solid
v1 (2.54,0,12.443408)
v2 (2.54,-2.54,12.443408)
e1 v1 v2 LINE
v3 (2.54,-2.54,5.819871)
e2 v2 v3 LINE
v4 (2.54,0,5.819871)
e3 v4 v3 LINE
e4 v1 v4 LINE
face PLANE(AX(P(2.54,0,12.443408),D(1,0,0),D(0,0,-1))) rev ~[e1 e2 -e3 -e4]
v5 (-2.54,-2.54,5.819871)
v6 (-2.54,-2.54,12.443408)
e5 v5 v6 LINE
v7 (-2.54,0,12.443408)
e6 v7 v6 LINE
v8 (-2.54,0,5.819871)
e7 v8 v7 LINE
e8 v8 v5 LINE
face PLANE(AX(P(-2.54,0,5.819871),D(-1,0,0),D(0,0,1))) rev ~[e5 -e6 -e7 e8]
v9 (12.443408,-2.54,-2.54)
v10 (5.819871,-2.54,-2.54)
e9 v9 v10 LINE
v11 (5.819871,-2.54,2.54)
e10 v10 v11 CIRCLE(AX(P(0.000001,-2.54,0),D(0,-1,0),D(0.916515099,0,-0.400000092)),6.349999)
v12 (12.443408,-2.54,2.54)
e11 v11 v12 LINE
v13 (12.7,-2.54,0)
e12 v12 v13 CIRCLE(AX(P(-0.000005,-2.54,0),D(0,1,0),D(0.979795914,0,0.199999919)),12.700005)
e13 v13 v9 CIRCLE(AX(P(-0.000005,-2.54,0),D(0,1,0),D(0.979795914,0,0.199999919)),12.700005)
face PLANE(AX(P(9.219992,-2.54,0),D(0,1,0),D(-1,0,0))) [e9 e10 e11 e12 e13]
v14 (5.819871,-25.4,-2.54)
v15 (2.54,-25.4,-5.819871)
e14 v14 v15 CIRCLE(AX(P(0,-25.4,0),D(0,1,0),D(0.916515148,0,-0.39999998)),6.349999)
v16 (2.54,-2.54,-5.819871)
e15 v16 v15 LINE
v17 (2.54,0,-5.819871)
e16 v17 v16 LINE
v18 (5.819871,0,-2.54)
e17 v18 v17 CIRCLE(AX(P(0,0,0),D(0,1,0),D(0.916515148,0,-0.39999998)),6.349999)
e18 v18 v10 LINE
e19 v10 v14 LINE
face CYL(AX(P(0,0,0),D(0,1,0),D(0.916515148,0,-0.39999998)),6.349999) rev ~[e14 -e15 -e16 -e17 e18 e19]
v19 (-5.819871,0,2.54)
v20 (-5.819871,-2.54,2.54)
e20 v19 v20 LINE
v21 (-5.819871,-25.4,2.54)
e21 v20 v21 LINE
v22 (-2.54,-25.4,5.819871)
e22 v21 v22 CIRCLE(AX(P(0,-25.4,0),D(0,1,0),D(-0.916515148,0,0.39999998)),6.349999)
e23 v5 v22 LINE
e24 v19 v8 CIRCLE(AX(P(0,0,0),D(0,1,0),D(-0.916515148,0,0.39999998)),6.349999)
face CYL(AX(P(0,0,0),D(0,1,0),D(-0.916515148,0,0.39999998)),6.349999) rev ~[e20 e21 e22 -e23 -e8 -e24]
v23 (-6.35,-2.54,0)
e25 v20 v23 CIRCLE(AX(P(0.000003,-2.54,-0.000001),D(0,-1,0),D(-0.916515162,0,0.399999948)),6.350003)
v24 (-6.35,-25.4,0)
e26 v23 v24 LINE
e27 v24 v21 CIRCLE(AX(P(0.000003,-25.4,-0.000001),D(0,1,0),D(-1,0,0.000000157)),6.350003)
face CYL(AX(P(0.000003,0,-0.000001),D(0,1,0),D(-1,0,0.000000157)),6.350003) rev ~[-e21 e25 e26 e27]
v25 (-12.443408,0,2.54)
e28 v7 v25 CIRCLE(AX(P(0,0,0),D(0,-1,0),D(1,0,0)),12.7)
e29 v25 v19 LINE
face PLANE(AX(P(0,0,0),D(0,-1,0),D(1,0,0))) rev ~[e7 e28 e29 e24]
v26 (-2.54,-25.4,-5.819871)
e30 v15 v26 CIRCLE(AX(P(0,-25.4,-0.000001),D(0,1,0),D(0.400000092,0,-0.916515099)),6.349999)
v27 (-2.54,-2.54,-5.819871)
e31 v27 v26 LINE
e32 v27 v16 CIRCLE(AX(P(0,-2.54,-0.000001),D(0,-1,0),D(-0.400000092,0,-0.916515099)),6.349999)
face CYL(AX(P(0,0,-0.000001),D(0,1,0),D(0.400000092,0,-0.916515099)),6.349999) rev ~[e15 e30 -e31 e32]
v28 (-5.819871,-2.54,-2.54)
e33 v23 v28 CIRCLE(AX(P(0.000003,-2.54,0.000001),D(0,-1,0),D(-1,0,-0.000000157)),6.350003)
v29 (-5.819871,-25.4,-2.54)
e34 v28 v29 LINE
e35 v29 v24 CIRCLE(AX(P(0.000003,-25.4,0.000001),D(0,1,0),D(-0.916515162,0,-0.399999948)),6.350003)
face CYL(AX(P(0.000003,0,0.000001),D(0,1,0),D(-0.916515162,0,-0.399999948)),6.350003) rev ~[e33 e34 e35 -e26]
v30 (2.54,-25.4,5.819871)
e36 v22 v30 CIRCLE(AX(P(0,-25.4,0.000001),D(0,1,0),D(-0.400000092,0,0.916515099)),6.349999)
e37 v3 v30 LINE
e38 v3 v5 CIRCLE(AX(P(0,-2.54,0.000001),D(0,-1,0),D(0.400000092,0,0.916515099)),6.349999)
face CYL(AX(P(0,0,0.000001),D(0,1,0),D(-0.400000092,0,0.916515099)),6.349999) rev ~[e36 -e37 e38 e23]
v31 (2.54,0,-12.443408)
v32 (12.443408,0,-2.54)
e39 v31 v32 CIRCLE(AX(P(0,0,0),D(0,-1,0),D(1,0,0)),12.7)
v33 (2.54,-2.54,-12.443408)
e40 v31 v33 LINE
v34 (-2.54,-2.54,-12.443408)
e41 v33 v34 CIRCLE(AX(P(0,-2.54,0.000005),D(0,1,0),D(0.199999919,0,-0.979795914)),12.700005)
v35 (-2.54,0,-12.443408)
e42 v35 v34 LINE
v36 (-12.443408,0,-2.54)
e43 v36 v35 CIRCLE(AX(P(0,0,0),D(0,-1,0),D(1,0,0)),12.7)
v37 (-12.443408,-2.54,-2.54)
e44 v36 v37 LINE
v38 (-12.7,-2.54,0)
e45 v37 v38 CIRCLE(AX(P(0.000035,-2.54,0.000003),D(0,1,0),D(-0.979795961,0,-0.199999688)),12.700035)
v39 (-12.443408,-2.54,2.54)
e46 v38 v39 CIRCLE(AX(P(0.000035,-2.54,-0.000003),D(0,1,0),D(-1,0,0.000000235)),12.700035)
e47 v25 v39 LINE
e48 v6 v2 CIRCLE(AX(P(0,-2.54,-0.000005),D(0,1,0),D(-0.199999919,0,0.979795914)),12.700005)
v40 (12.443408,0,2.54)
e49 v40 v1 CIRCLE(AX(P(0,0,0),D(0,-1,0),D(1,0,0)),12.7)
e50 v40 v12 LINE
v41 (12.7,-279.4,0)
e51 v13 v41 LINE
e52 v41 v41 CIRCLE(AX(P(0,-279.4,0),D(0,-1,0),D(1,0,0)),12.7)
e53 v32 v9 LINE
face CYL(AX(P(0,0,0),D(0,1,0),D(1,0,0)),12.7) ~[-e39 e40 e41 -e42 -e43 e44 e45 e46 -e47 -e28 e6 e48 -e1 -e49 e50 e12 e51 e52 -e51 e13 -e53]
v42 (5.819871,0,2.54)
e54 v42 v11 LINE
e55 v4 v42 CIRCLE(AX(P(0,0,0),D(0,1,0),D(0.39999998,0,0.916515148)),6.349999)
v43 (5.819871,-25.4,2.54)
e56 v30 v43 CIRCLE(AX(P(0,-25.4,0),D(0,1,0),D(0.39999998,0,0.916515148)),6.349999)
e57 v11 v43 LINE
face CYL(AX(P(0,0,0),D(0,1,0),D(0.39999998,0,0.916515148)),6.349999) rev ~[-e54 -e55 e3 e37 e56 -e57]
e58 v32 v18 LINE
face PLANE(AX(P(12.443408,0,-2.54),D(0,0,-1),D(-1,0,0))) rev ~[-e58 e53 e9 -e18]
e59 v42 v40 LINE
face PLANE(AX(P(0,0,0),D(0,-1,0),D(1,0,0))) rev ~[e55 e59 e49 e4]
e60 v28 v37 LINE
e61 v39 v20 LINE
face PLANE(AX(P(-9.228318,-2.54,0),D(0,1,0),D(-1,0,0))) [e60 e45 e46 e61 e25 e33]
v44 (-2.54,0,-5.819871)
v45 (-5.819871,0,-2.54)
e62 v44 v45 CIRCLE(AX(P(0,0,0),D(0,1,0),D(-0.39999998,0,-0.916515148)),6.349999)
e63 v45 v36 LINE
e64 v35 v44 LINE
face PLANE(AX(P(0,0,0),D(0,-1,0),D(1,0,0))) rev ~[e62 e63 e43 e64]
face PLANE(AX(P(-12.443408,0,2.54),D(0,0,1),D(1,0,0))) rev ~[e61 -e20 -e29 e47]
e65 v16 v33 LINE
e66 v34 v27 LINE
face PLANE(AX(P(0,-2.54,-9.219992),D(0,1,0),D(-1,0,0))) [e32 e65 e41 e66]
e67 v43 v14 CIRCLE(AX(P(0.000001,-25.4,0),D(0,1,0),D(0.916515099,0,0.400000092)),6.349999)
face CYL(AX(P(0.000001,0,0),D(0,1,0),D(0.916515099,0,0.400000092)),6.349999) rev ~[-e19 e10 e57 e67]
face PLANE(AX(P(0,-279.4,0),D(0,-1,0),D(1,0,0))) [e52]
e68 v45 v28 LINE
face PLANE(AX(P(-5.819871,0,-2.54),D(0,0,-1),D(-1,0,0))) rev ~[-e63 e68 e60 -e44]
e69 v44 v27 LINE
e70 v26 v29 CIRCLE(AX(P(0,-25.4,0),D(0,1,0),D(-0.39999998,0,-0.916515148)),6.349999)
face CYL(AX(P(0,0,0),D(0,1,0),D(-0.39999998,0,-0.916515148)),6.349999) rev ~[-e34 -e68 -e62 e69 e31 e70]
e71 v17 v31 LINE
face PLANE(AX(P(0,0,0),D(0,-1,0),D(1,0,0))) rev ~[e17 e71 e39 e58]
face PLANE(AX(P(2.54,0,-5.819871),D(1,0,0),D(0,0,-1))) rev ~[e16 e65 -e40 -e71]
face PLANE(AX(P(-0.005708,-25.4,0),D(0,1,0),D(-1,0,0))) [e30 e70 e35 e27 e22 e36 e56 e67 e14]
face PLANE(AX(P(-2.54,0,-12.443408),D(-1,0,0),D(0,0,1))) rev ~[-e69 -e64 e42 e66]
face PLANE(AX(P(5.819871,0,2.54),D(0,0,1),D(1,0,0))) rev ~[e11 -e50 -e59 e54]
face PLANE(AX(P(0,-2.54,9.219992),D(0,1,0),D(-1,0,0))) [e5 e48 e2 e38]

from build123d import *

# Parameters (mm, degrees)
F0_R     = 12.7
F1_DEPTH = 279.4
F3_DEPTH = 25.4
F4_DEPTH = 2.54


with BuildPart() as f1:
    # F0 (on Front) → F1 (new body)
    with BuildSketch(Plane.XZ):
        Circle(F0_R)
    extrude(amount=F1_DEPTH)

    # F2 (on face) → F3 (cut)
    with BuildSketch(Plane(origin=(0, 0, 0), x_dir=(-1, 0, 0), z_dir=(0, 1, 0))):
        with BuildLine():
            ThreePointArc((5.819871, -2.54), (6.216055, -1.297366), (6.35, 0))
            ThreePointArc((6.35, 0), (6.216055, 1.297366), (5.819871, 2.54))
            ThreePointArc((5.819871, 2.54), (4.490128, 4.490128), (2.54, 5.819871))
            ThreePointArc((2.54, 5.819871), (0, 6.35), (-2.54, 5.819871))
            ThreePointArc((-2.54, 5.819871), (-4.490128, 4.490128), (-5.819871, 2.54))
            ThreePointArc((-5.819871, 2.54), (-6.35, 0), (-5.819871, -2.54))
            ThreePointArc((-5.819871, -2.54), (-4.490128, -4.490128), (-2.54, -5.819871))
            ThreePointArc((-2.54, -5.819871), (0, -6.35), (2.54, -5.819871))
            ThreePointArc((2.54, -5.819871), (4.490128, -4.490128), (5.819871, -2.54))
        make_face()
    extrude(amount=-F3_DEPTH, mode=Mode.SUBTRACT)

    # F2 (on face) → F4 (cut)
    with BuildSketch(Plane(origin=(0, 0, 0), x_dir=(-1, 0, 0), z_dir=(0, 1, 0))):
        with BuildLine():
            ThreePointArc((5.819871, 2.54), (6.216055, 1.297366), (6.35, 0))
            ThreePointArc((6.35, 0), (6.216055, -1.297366), (5.819871, -2.54))
            Line((5.819871, -2.54), (12.443408, -2.54))
            ThreePointArc((12.443408, -2.54), (12.635689, -1.276464), (12.7, 0))
            ThreePointArc((12.7, 0), (12.635689, 1.276464), (12.443408, 2.54))
            Line((12.443408, 2.54), (5.819871, 2.54))
        make_face()
        with BuildLine():
            ThreePointArc((-2.54, 5.819871), (0, 6.35), (2.54, 5.819871))
            Line((2.54, 5.819871), (2.54, 12.443408))
            ThreePointArc((2.54, 12.443408), (0, 12.7), (-2.54, 12.443408))
            Line((-2.54, 12.443408), (-2.54, 5.819871))
        make_face()
        with BuildLine():
            Line((2.54, -12.443408), (2.54, -5.819871))
            ThreePointArc((2.54, -5.819871), (0, -6.35), (-2.54, -5.819871))
            Line((-2.54, -5.819871), (-2.54, -12.443408))
            ThreePointArc((-2.54, -12.443408), (0, -12.7), (2.54, -12.443408))
        make_face()
        with BuildLine():
            ThreePointArc((-5.819871, -2.54), (-6.35, 0), (-5.819871, 2.54))
            Line((-5.819871, 2.54), (-12.443408, 2.54))
            ThreePointArc((-12.443408, 2.54), (-12.7, 0), (-12.443408, -2.54))
            Line((-12.443408, -2.54), (-5.819871, -2.54))
        make_face()
    extrude(amount=-F4_DEPTH, mode=Mode.SUBTRACT)


solid = f1.part
